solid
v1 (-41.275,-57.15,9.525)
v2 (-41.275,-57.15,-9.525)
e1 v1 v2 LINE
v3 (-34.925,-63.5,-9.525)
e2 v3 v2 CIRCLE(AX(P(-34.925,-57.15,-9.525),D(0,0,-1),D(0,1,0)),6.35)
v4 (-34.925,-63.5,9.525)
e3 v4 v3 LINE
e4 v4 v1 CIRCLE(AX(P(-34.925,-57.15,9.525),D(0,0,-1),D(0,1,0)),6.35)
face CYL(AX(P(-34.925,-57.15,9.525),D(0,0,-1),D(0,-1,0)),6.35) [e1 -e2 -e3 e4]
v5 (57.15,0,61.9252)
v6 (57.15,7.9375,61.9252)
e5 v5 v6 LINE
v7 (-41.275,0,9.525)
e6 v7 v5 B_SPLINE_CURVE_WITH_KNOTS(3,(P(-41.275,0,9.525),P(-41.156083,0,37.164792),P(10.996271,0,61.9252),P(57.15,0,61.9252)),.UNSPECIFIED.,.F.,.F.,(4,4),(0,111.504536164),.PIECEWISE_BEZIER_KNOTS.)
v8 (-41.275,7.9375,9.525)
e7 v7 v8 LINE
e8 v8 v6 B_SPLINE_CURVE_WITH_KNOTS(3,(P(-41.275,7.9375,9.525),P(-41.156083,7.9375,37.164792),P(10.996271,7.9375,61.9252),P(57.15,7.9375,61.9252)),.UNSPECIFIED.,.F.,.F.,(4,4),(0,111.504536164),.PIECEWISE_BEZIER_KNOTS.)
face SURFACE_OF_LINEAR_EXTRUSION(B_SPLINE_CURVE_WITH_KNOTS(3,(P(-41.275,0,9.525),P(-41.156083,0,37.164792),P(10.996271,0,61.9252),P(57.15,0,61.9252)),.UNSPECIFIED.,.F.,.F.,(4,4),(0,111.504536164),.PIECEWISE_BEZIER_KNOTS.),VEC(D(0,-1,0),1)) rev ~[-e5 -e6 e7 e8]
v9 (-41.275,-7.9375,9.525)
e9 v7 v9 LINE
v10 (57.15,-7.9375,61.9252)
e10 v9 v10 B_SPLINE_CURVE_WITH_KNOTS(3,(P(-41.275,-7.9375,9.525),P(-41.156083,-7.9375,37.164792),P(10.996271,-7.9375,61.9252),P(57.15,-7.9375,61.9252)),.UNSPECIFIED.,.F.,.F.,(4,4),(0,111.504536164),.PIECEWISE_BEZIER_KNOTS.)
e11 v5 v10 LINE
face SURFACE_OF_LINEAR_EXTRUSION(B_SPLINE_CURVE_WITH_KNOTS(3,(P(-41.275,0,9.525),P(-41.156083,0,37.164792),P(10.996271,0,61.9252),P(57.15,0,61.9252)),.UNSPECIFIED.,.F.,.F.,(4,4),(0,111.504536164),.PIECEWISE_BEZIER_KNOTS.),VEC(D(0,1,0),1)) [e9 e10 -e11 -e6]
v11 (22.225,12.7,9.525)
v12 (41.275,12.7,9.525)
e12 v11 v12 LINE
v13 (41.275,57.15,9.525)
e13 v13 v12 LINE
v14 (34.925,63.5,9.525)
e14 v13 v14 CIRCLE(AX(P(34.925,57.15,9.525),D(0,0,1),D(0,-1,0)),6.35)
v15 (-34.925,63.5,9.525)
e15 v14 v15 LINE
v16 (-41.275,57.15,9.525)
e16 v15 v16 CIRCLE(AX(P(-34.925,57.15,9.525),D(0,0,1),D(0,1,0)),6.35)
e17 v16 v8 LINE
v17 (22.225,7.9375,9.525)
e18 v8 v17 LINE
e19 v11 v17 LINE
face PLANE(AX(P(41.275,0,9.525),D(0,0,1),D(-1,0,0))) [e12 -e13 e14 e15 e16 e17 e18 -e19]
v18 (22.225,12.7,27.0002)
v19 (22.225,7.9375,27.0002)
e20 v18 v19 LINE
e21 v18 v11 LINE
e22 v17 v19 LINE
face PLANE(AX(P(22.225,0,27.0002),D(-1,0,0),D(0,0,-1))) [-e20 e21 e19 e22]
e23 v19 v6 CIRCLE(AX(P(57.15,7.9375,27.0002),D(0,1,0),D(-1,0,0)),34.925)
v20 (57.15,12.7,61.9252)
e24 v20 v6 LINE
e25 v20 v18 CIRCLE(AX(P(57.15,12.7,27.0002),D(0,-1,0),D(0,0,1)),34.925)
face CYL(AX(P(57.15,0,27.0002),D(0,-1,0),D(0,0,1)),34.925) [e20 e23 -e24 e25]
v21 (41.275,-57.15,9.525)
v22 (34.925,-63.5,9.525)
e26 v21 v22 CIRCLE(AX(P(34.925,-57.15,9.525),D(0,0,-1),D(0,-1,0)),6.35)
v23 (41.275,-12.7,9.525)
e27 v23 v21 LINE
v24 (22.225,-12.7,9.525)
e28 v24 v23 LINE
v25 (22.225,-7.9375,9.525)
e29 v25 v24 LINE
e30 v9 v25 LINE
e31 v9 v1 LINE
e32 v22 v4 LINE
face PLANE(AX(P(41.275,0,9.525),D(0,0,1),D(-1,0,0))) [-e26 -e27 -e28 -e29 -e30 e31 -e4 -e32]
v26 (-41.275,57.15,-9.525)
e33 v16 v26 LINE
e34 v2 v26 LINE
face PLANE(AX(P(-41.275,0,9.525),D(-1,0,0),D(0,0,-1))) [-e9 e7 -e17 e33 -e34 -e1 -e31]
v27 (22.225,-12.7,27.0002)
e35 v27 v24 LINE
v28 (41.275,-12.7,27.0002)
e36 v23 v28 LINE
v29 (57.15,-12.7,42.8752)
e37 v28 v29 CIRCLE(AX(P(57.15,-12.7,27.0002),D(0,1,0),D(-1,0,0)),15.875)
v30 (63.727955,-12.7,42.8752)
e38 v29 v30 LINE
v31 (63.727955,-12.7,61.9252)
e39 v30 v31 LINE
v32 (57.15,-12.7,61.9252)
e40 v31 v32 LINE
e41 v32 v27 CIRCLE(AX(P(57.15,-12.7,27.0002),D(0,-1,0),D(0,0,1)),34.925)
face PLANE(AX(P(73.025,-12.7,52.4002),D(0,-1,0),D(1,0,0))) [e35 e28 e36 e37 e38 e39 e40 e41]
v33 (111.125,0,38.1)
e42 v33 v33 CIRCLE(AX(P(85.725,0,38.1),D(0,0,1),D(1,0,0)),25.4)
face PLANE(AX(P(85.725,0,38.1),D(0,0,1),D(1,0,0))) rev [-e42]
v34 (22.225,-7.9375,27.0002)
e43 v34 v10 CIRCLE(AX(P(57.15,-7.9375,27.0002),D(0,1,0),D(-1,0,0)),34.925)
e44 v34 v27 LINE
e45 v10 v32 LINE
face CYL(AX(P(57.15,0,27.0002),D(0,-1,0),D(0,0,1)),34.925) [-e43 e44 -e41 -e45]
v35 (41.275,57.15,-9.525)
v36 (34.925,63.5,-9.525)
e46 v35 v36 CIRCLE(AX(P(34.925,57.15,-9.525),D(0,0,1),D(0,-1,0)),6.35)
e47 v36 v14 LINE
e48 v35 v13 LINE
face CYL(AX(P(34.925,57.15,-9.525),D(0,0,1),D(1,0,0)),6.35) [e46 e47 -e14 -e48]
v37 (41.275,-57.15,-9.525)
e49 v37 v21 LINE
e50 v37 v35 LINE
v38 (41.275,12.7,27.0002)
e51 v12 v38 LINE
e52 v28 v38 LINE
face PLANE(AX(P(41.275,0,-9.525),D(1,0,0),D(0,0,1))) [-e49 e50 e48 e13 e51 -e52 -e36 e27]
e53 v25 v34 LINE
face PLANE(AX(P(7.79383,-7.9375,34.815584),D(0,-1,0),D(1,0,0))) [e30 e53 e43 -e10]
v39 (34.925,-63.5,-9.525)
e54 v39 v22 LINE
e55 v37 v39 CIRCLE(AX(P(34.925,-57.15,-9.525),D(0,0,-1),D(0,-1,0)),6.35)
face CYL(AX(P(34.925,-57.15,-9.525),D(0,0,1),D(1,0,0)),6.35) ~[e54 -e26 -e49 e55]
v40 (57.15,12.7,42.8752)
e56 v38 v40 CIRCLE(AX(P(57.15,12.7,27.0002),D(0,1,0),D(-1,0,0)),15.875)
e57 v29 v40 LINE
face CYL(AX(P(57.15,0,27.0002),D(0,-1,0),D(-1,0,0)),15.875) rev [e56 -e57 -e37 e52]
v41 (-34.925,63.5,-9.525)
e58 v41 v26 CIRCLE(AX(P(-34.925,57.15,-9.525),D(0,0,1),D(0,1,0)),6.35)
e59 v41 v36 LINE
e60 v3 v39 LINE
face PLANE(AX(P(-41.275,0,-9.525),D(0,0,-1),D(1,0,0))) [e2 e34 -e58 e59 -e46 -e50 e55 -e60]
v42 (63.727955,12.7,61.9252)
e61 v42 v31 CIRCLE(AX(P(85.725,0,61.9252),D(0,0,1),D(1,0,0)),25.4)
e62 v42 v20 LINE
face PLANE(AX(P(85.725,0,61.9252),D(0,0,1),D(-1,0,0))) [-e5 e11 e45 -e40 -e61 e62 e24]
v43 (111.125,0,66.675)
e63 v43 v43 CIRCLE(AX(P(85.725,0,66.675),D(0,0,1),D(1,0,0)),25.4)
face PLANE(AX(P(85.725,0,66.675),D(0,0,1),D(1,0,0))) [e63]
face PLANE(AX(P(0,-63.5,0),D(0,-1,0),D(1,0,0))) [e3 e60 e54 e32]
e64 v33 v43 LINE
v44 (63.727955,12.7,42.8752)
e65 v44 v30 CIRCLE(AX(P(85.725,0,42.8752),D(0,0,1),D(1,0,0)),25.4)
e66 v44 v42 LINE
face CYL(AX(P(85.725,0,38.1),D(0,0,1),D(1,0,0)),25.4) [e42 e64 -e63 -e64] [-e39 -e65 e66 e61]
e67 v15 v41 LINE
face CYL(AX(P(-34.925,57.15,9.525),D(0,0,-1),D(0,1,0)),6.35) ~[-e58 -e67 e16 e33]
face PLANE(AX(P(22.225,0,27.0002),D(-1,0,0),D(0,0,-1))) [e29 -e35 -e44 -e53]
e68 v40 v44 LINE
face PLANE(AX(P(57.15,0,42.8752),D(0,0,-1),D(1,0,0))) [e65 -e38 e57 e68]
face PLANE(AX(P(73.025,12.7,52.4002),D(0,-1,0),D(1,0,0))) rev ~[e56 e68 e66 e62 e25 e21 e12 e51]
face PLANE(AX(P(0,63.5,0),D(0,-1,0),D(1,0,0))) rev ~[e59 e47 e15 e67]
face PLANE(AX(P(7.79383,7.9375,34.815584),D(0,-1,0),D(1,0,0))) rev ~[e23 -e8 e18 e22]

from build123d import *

# Parameters (mm, degrees)
F1_DEPTH = 63.5
F0_W     = 25.4
F0_H     = 19.05
F2_DEPTH = 12.7
F3_DEPTH = 7.9375
F5_R     = 6.35


with BuildPart() as f1:
    # F0 (on Front) → F1 (new body, symmetric)
    with BuildSketch(Plane.XZ):
        Polygon((41.275, -9.525), (41.275, 9.525), (22.225, 9.525), (-41.275, 9.525), (-41.275, -9.525), align=None)
    extrude(amount=F1_DEPTH, both=True)



with BuildPart() as f2:
    # F0 (on Front) → F2 (new body, symmetric)
    with BuildSketch(Plane.XZ):
        with Locations((73.025, 52.4002)):
            Rectangle(F0_W, F0_H)
        with BuildLine():
            Line((22.225, 9.525), (41.275, 9.525))
            Line((41.275, 9.525), (41.275, 27.0002))
            ThreePointArc((41.275, 27.0002), (45.9246798487, 38.2255201513), (57.15, 42.8752))
            Line((57.15, 42.8752), (60.325, 42.8752))
            Line((60.325, 42.8752), (60.325, 61.9252))
            Line((60.325, 61.9252), (57.15, 61.9252))
            ThreePointArc((57.15, 61.9252), (32.4542956671, 51.6959043329), (22.225, 27.0002))
            Line((22.225, 27.0002), (22.225, 9.525))
        make_face()
    extrude(amount=F2_DEPTH, both=True)


with BuildPart() as f1_1:
    add(f1.part)

    add(f2.part)  # F3 merges F2
    # F0 (on Front) → F3 (join, symmetric)
    with BuildSketch(Plane.XZ):
        with BuildLine():
            Line((-41.275, 9.525), (22.225, 9.525))
            Line((22.225, 9.525), (22.225, 27.0002))
            ThreePointArc((22.225, 27.0002), (32.4542956671, 51.6959043329), (57.15, 61.9252))
            add(Edge.make_bspline(
                [(-41.275, 9.525), (-41.1560833454, 37.1647924185), (10.9962709248, 61.9252), (57.15, 61.9252)],
                knots=[0, 0, 0, 0, 111.5045361635, 111.5045361635, 111.5045361635, 111.5045361635], degree=3))
        make_face()
    extrude(amount=F3_DEPTH, both=True)

    # F0 (on Front) → F4 (revolve)
    with BuildSketch(Plane.XZ):
        Polygon((85.725, 61.9252), (85.725, 42.8752), (85.725, 38.1), (111.125, 38.1), (111.125, 66.675), (85.725, 66.675), align=None)
    revolve(axis=Axis((85.725, 0, 52.3875), (0, 0, 1)))

    # F5
    f5_edges = [f1_1.edges().sort_by_distance(p)[0] for p in [
        (-41.275, -63.5, 0),
        (41.275, -63.5, 0),
        (41.275, 63.5, 0),
        (-41.275, 63.5, 0),
    ]]
    fillet(f5_edges, radius=F5_R)


solid = f1_1.part
